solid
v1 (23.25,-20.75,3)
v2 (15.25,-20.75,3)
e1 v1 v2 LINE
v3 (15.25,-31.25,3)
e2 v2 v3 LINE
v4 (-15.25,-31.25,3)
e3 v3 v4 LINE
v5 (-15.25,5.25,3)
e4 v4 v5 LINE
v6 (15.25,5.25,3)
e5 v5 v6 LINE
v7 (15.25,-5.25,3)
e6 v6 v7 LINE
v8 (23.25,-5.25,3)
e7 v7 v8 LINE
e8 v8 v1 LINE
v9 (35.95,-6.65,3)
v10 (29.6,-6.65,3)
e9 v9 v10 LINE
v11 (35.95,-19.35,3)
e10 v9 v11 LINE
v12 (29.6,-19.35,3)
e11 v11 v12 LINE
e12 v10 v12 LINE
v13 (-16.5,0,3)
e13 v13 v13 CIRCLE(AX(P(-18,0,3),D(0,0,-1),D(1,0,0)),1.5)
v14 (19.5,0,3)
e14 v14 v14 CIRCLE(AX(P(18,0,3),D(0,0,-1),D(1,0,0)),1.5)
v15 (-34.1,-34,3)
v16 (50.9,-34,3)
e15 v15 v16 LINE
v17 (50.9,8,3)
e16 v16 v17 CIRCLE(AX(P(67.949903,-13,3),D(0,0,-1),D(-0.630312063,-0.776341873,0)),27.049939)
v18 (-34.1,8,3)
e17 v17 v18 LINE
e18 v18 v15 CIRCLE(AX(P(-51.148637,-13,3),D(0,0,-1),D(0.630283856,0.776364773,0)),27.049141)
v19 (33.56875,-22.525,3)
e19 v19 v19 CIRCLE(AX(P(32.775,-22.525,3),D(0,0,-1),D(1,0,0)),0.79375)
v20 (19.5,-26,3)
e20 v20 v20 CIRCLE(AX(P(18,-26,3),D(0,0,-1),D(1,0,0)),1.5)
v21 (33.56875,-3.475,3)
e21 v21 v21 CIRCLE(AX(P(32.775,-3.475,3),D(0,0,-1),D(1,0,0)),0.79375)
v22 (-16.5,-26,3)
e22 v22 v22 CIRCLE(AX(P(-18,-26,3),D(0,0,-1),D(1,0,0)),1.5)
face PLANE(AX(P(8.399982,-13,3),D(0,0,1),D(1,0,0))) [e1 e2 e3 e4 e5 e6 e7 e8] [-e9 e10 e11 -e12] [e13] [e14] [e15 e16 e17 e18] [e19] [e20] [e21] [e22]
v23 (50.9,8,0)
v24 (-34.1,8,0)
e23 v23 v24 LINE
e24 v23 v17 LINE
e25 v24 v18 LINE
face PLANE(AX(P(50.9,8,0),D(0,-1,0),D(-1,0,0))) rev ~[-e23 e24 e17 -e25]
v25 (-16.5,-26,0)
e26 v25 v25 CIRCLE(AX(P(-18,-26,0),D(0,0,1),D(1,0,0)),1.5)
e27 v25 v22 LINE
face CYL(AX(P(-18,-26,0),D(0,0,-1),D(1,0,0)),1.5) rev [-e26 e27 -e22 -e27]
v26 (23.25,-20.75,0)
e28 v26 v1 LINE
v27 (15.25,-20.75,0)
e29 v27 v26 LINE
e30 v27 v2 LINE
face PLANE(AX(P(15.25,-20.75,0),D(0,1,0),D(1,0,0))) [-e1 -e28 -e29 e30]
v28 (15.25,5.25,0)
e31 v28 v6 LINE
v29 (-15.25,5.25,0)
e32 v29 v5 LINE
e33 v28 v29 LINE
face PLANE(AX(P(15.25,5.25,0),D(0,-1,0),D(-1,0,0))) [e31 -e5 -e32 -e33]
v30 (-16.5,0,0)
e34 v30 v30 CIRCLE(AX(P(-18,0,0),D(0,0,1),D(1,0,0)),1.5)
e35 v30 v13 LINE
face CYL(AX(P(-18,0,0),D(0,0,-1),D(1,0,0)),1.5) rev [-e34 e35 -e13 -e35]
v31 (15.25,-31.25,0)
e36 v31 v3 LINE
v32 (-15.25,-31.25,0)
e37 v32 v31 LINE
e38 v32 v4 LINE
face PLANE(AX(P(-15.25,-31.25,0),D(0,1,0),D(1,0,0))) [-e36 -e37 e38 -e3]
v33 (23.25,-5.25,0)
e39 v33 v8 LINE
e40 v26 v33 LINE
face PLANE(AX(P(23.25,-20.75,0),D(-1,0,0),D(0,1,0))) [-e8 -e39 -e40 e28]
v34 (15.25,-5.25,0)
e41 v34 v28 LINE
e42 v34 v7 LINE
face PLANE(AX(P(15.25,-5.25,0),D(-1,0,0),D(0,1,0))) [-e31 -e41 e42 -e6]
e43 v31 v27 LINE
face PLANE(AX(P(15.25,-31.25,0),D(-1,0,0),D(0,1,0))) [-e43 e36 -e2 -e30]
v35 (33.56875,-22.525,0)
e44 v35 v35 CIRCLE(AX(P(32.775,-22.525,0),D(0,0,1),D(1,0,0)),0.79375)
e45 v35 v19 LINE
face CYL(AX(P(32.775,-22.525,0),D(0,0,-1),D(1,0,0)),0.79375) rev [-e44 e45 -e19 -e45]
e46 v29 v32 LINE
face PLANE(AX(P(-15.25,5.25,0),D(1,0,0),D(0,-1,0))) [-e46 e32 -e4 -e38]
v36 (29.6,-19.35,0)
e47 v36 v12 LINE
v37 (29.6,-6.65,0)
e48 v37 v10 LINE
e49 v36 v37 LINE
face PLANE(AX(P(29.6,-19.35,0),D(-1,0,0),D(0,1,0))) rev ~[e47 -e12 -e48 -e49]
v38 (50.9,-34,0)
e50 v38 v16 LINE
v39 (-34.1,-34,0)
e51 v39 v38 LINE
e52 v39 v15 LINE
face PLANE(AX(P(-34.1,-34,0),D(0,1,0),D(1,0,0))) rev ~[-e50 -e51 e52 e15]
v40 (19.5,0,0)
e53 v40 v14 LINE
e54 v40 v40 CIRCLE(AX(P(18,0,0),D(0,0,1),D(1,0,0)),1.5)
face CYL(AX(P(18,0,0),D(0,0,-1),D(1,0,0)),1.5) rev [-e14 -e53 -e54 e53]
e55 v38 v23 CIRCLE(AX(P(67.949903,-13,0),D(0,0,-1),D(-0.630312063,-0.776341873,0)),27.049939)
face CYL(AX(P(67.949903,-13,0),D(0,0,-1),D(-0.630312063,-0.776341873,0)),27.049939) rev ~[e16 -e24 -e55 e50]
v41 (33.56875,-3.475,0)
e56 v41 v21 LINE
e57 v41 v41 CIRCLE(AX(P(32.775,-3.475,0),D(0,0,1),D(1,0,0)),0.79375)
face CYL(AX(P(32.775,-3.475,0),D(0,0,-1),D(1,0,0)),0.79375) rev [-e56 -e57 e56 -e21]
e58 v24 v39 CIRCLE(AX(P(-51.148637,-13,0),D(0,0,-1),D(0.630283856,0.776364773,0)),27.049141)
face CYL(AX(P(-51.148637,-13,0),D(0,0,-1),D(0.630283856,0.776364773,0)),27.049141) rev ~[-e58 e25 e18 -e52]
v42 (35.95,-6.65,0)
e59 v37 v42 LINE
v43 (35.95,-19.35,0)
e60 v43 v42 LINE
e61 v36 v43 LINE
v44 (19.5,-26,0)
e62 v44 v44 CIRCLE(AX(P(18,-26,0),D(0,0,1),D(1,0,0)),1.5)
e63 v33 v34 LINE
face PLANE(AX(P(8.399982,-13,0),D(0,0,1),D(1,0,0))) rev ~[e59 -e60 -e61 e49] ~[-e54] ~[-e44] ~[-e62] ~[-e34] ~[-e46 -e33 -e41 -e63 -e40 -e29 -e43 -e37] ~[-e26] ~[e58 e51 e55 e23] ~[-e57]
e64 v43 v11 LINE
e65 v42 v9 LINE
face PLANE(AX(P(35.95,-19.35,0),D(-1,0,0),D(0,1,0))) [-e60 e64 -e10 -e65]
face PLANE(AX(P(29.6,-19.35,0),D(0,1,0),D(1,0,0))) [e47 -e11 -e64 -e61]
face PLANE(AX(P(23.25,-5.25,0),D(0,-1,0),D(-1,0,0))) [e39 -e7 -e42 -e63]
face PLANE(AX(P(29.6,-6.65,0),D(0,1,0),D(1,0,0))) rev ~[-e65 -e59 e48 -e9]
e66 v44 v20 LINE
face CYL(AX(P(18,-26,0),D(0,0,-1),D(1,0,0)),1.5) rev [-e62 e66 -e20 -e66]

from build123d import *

# Parameters (mm, degrees)
F4_DEPTH = 3
F1_R     = 1.5
F1_W     = 6.35
F1_H     = 12.7
F1_R_2   = 0.79375
F5_DEPTH = 3.001


with BuildPart() as f4:
    # F3 (on Top) → F4 (new body)
    with BuildSketch(Plane.XY):
        with BuildLine():
            Line((-34.1, -34), (50.9, -34))
            ThreePointArc((50.9, -34), (40.899964, -13), (50.9, 8))
            Line((50.9, 8), (-34.1, 8))
            ThreePointArc((-34.1, 8), (-24.099496, -13), (-34.1, -34))
        make_face()
    extrude(amount=F4_DEPTH)

    # F1 (on Top) → F5 (cut, through all)
    with BuildSketch(Plane.XY):
        Polygon((15.25, 5.25), (-15.25, 5.25), (-15.25, -5.25), (-15.25, -20.75), (-15.25, -31.25), (15.25, -31.25), (15.25, -20.75), (23.25, -20.75), (23.25, -5.25), (15.25, -5.25), align=None)
        with Locations((-18, 0)):
            Circle(F1_R)
        with Locations((18, 0)):
            Circle(F1_R)
        with Locations((18, -26)):
            Circle(F1_R)
        with Locations((-18, -26)):
            Circle(F1_R)
        with Locations((32.775, -13)):
            Rectangle(F1_W, F1_H)
        with Locations((32.775, -22.525)):
            Circle(F1_R_2)
        with Locations((32.775, -3.475)):
            Circle(F1_R_2)
    extrude(amount=F5_DEPTH, mode=Mode.SUBTRACT)


solid = f4.part
